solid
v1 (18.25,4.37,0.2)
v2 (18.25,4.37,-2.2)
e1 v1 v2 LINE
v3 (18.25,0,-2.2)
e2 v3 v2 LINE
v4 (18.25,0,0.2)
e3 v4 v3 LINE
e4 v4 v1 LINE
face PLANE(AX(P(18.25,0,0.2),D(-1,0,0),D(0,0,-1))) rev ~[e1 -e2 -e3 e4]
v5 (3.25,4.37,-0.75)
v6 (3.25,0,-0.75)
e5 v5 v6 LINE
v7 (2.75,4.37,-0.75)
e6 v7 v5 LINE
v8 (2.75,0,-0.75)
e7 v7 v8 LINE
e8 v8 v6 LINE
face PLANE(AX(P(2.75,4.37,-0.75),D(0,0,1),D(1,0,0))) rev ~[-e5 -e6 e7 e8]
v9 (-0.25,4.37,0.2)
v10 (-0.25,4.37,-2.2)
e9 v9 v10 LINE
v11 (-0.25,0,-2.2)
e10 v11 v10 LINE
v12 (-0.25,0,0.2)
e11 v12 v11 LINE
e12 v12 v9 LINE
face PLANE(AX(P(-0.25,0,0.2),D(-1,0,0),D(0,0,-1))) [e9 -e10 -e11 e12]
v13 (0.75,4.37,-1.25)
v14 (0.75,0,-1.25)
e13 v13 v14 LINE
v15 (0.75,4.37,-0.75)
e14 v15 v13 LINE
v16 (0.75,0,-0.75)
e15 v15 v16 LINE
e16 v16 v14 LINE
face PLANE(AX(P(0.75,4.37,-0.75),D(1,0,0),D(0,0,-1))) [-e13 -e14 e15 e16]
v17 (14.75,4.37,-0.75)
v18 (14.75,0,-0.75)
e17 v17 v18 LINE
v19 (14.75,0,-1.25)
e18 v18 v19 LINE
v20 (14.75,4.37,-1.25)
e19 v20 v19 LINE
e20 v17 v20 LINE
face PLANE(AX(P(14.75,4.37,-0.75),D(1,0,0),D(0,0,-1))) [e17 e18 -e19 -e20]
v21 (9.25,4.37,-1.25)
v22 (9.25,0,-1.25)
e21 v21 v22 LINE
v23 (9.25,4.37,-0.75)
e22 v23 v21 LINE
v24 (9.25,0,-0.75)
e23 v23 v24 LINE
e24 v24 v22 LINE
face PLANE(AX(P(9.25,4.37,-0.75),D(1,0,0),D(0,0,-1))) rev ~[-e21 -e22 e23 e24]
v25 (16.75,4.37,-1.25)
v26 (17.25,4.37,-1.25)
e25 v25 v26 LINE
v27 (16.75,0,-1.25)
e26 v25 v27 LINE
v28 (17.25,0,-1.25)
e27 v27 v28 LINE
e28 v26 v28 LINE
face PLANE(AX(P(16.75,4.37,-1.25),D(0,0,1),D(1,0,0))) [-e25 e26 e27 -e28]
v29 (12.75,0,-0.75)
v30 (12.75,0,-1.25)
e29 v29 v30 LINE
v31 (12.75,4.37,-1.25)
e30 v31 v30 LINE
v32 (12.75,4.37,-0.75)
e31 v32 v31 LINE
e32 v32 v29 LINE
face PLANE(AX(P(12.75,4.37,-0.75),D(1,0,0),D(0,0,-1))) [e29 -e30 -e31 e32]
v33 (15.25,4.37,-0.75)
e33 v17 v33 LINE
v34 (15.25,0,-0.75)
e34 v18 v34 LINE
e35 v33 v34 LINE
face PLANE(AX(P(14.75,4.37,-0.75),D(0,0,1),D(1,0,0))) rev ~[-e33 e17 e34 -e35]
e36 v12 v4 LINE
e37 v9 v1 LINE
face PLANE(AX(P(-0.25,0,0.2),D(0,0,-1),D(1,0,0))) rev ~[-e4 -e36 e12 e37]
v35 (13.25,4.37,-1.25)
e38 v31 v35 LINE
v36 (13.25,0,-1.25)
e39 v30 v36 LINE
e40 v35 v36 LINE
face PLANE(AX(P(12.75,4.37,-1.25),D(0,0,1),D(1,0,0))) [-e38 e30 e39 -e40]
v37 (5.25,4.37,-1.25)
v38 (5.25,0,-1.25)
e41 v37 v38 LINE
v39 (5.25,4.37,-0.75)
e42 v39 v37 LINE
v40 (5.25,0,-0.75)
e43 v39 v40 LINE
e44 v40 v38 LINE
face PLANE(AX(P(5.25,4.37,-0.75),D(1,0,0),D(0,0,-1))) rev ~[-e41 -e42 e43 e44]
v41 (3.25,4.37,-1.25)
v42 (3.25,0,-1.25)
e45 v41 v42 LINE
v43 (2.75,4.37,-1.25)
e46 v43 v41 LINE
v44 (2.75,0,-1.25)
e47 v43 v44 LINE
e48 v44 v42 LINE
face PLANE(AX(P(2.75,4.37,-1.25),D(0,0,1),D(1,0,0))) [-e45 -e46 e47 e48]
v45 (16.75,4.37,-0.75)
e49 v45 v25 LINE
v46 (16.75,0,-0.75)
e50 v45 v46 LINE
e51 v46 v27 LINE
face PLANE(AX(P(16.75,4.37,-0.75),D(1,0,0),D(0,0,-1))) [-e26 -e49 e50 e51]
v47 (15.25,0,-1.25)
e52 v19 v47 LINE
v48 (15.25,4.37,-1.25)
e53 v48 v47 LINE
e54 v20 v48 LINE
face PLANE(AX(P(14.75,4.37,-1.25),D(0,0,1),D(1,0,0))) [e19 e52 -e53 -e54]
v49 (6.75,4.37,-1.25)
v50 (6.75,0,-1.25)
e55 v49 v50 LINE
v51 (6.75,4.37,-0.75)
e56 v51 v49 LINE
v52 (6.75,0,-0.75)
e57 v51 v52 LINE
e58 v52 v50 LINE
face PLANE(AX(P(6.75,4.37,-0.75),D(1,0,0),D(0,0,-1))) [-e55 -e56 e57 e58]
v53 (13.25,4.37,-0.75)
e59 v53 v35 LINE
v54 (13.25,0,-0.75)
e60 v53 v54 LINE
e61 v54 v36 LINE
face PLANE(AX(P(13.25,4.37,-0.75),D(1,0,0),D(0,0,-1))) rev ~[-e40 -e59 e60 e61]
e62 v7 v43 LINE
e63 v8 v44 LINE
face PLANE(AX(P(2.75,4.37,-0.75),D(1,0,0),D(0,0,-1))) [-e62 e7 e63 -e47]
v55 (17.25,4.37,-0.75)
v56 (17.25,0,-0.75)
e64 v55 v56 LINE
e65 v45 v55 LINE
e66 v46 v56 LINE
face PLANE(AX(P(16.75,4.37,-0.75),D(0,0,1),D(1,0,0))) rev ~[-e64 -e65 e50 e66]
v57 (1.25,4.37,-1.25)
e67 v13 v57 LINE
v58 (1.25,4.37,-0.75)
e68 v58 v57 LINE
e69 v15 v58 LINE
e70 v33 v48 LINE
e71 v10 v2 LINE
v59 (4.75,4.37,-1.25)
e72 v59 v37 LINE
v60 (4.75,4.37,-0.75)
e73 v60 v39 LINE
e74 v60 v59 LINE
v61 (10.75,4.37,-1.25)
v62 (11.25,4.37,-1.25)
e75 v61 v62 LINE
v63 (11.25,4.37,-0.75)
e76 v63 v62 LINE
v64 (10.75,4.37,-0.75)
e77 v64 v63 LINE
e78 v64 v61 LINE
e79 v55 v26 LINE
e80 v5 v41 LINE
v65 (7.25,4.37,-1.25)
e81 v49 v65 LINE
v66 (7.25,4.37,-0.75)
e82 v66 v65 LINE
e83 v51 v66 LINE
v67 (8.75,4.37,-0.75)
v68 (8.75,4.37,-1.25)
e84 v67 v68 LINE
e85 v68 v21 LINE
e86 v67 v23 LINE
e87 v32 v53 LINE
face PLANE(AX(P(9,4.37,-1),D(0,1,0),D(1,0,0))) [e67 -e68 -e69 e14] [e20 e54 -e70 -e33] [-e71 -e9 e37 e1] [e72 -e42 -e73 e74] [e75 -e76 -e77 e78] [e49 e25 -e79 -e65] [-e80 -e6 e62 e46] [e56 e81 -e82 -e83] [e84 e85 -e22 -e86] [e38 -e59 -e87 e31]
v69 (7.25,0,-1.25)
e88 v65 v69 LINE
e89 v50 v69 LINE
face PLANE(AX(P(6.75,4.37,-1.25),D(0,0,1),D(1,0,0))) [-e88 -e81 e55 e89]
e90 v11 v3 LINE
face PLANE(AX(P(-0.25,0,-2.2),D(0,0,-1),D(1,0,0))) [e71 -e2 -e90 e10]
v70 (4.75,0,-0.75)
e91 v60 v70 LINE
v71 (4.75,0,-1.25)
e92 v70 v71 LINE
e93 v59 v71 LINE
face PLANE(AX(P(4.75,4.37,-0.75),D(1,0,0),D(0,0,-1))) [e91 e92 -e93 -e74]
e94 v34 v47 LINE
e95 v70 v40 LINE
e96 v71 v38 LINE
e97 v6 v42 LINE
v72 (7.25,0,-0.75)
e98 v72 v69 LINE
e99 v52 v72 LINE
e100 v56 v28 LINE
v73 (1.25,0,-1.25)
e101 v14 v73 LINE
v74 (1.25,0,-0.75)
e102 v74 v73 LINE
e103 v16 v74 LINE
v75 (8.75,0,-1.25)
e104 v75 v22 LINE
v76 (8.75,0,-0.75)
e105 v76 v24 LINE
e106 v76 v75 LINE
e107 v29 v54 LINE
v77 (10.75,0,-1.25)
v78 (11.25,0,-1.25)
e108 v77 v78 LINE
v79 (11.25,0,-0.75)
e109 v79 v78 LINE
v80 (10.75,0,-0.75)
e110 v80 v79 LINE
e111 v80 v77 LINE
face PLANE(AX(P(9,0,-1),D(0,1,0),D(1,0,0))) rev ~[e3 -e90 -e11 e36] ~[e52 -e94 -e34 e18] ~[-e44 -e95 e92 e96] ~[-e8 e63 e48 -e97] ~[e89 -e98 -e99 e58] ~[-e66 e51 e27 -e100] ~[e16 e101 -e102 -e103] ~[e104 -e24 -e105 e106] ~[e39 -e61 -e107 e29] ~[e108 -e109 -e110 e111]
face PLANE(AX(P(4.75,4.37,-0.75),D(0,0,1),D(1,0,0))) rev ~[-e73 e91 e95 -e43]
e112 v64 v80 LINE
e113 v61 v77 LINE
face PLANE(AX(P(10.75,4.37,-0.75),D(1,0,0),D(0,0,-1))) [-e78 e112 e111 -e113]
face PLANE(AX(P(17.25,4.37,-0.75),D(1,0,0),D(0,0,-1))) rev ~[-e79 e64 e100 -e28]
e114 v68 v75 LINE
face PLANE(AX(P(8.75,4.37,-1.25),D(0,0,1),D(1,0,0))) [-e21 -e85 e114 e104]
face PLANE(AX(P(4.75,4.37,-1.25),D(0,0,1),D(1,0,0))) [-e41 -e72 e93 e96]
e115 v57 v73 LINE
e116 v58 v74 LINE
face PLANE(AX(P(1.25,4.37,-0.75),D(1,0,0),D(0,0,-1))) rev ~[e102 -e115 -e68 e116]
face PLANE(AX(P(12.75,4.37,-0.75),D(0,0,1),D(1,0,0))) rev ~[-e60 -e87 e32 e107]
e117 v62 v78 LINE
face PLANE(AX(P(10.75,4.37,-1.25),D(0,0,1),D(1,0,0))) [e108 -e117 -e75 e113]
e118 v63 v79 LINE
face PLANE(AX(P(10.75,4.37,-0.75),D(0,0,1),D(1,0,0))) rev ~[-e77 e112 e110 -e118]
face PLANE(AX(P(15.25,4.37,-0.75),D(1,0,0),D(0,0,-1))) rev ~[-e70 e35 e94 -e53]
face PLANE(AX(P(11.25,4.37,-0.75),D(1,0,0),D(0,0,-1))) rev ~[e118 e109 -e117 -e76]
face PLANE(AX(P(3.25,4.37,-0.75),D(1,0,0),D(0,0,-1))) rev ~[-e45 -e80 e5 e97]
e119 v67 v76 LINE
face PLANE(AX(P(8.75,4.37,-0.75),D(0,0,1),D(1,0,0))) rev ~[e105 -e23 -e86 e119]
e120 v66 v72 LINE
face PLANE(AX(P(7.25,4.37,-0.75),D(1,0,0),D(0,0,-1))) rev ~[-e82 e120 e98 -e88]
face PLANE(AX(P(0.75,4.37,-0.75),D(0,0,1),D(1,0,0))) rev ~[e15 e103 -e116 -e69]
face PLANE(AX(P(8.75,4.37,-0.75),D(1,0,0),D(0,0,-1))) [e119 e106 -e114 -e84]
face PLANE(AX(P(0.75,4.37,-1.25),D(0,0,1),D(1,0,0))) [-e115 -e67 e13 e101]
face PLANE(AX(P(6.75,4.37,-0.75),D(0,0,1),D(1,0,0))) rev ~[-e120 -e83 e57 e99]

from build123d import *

# Parameters (mm, degrees)
SKETCH1_W           = 18.5
SKETCH1_H           = 2.4
BOSS_EXTRUDE1_DEPTH = 4.37
SKETCH2_W           = 0.5
SKETCH2_H           = 0.5
CUT_EXTRUDE1_DEPTH  = 4.37


with BuildPart() as part:
    # Sketch1 → Boss-Extrude1 (new body)
    with BuildSketch(Plane(origin=(0, 0, 0), x_dir=(1, 0, 0), z_dir=(0, 1, 0))):
        with Locations((9, 1)):
            Rectangle(SKETCH1_W, SKETCH1_H)
    extrude(amount=BOSS_EXTRUDE1_DEPTH)

    # Sketch2 → Cut-Extrude1 (cut)
    with BuildSketch(Plane(origin=(0, 4.37, 0), x_dir=(1, 0, 0), z_dir=(0, 1, 0))):
        with Locations((3, 1)):
            Rectangle(SKETCH2_W, SKETCH2_H)
        with Locations((1, 1)):
            Rectangle(SKETCH2_W, SKETCH2_H)
        with Locations((5, 1)):
            Rectangle(SKETCH2_W, SKETCH2_H)
        with Locations((7, 1)):
            Rectangle(SKETCH2_W, SKETCH2_H)
        with Locations((9, 1)):
            Rectangle(SKETCH2_W, SKETCH2_H)
        with Locations((11, 1)):
            Rectangle(SKETCH2_W, SKETCH2_H)
        with Locations((13, 1)):
            Rectangle(SKETCH2_W, SKETCH2_H)
        with Locations((15, 1)):
            Rectangle(SKETCH2_W, SKETCH2_H)
        with Locations((17, 1)):
            Rectangle(SKETCH2_W, SKETCH2_H)
    extrude(amount=-CUT_EXTRUDE1_DEPTH, mode=Mode.SUBTRACT)


solid = part.part
